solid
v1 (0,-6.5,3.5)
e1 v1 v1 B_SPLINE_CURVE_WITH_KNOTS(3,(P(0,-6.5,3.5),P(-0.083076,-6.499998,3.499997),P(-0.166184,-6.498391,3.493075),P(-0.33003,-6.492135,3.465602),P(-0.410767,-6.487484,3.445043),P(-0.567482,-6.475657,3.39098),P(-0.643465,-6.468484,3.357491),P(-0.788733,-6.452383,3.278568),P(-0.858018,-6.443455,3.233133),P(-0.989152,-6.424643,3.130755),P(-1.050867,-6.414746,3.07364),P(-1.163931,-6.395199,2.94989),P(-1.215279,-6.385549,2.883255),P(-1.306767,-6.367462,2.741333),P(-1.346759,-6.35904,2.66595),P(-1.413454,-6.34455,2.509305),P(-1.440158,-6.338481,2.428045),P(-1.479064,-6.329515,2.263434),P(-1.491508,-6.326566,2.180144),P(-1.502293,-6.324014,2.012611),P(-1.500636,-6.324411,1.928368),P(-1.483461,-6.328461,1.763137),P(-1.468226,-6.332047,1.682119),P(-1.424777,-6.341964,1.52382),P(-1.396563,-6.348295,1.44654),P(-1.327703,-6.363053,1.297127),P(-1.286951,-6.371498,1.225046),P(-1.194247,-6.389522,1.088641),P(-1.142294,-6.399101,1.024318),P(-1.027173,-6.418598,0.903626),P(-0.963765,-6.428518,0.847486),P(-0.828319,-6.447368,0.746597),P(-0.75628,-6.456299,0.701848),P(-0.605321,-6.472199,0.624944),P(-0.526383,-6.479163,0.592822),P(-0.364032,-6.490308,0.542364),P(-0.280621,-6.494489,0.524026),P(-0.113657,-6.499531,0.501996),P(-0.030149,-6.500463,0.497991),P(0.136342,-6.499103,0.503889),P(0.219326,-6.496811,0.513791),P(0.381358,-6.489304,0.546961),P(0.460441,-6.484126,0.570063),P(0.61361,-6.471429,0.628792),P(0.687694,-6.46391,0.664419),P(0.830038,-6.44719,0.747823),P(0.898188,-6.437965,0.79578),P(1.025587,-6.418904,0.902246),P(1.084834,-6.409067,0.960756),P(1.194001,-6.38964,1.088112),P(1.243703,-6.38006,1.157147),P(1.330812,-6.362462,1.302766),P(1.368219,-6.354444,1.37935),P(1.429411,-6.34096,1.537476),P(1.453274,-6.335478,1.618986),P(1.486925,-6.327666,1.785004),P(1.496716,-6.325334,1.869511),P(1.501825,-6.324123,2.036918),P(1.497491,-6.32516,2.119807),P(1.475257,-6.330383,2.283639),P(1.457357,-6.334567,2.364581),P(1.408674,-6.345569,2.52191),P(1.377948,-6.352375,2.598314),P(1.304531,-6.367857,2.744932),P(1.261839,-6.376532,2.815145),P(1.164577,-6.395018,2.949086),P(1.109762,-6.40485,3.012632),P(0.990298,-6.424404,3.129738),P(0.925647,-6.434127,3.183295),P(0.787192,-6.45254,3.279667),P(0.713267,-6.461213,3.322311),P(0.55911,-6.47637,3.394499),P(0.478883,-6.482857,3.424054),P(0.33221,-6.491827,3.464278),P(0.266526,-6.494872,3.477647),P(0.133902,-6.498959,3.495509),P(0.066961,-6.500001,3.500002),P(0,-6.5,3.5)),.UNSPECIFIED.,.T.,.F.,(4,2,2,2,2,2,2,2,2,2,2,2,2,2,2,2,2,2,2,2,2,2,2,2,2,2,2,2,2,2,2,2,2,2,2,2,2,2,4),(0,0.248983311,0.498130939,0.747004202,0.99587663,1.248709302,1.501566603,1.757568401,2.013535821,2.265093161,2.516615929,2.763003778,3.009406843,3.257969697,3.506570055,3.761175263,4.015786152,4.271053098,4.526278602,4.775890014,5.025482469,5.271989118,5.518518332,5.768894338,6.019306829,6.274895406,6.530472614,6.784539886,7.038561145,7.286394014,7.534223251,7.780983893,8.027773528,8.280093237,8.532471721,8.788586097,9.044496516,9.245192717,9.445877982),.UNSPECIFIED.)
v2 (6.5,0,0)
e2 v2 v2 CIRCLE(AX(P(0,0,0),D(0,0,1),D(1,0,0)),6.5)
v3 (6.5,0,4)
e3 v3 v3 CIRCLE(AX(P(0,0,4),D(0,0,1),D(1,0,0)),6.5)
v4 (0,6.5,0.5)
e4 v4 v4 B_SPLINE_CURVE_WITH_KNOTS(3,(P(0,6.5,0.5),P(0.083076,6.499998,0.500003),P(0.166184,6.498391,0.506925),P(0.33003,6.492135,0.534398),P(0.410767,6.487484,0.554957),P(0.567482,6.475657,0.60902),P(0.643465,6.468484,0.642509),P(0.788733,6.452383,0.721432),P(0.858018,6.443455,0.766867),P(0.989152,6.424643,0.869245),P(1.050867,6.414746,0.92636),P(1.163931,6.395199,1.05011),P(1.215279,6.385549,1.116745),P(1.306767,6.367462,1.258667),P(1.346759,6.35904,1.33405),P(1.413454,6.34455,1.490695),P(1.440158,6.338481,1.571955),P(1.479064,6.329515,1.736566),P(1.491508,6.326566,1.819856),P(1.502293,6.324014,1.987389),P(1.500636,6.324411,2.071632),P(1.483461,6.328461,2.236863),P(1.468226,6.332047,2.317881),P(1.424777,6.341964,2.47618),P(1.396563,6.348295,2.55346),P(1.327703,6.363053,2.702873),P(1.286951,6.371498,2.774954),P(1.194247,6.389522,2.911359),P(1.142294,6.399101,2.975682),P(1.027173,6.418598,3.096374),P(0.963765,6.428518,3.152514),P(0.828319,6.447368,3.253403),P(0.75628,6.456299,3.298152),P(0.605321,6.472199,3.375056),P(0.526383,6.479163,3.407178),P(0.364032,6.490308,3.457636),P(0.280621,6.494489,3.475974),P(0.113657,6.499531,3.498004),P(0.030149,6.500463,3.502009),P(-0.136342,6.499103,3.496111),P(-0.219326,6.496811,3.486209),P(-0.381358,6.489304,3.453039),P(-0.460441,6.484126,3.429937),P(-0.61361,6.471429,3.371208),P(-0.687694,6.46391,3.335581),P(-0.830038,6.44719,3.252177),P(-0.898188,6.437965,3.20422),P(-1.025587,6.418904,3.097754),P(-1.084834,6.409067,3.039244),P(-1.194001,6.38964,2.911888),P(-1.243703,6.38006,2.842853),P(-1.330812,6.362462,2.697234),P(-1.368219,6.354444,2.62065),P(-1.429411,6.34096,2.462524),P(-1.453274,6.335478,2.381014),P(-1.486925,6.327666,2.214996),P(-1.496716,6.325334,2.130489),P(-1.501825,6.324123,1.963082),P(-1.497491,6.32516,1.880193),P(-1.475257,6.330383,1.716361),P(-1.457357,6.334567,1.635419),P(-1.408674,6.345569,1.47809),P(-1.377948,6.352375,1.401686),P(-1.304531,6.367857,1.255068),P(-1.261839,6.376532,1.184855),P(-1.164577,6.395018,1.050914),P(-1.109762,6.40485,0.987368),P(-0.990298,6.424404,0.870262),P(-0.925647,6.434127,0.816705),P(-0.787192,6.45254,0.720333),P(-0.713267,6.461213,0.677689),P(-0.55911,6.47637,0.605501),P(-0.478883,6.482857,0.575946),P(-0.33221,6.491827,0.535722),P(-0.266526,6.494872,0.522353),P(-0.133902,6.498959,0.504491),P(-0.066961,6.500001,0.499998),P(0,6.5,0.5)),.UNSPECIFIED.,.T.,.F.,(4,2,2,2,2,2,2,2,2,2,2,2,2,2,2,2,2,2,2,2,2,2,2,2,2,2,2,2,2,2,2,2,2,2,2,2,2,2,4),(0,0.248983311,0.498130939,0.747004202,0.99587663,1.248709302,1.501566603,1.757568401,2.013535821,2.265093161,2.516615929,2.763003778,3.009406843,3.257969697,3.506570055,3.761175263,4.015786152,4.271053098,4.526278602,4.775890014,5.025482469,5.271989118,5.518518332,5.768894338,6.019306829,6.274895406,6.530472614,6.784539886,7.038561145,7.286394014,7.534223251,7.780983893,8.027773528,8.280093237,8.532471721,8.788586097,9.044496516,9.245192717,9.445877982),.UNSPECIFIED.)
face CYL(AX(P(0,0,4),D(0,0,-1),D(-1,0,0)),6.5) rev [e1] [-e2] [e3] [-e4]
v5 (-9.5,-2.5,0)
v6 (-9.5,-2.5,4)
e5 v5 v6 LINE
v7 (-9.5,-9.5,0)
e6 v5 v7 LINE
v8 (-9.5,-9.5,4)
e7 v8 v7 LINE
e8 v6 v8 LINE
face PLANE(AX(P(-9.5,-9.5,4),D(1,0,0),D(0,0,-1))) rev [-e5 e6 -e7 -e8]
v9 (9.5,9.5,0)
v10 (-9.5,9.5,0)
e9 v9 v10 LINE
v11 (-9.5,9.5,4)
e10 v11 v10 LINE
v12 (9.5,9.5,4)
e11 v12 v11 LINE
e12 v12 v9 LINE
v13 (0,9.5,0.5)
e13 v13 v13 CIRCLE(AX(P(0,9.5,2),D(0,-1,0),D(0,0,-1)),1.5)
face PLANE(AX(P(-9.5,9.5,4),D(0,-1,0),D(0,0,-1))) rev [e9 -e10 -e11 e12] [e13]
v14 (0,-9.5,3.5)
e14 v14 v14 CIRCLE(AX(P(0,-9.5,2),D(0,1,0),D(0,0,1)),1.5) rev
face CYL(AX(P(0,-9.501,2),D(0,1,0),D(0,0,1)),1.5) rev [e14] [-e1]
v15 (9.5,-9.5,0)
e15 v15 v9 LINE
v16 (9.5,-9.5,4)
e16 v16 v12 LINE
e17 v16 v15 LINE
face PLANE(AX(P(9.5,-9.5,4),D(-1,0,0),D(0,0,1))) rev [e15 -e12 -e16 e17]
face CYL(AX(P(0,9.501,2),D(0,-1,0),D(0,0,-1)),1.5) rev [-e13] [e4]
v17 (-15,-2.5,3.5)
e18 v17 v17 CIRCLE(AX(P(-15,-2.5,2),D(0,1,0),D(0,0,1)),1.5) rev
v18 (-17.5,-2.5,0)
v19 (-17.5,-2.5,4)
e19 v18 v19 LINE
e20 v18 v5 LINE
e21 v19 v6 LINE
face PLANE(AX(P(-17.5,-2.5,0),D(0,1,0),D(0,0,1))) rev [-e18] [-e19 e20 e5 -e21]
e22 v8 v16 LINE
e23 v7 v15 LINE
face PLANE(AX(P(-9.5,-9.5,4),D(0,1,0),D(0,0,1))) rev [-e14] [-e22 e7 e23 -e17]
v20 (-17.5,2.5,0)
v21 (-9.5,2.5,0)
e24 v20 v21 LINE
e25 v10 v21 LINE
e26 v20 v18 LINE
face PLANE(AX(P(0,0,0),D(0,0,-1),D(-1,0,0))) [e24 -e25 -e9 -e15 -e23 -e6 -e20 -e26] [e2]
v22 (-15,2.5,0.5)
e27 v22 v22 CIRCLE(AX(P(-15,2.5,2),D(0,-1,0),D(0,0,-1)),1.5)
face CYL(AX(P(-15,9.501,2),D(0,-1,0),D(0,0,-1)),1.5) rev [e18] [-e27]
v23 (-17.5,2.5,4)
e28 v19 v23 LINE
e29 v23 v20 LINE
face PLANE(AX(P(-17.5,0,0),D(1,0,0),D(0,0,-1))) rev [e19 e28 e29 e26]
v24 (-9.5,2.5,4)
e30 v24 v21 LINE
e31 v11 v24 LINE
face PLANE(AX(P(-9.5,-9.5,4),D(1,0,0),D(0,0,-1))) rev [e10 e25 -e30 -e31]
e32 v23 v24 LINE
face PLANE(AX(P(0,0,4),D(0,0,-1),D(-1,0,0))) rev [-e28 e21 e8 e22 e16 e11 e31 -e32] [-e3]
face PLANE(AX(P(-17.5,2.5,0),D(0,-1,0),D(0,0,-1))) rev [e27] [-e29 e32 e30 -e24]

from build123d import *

# Parameters (mm, degrees)
SKETCH1_W                      = 19
SKETCH1_H                      = 19
SKETCH1_R                      = 6.5
BOSS_EXTRUDE1_DEPTH            = 4
CUT_EXTRUDE1_REACH             = 16.018
SKETCH2_R                      = 1.5
CUT_EXTRUDE1_DIRECTION_2_REACH = 16.018
SKETCH5_W                      = 4
SKETCH5_H                      = 5
BOSS_EXTRUDE3_DEPTH            = 8
CUT_EXTRUDE2_REACH             = 22.31
SKETCH7_R                      = 1.5
CUT_EXTRUDE2_DIRECTION_2_REACH = 22.31


with BuildPart() as part:
    # Sketch1 → Boss-Extrude1 (new body)
    with BuildSketch(Plane.XY):
        Rectangle(SKETCH1_W, SKETCH1_H)
        Circle(SKETCH1_R, mode=Mode.SUBTRACT)
    extrude(amount=BOSS_EXTRUDE1_DEPTH)

    # Sketch2 → Cut-Extrude1 (cut, up to next)
    with BuildSketch(Plane(origin=(0, 0, 0), x_dir=(1, 0, 0), z_dir=(0, 1, 0)), mode=Mode.PRIVATE) as cut_extrude1_sk1:
        with Locations(Location((0, -2, 0), (0, 0, 90))):
            Circle(SKETCH2_R)
    cut_extrude1_tool1 = extrude(cut_extrude1_sk1.sketch, amount=CUT_EXTRUDE1_REACH, mode=Mode.PRIVATE) & part.part
    add(cut_extrude1_tool1.solids().sort_by_distance((0, 0, 2))[0], mode=Mode.SUBTRACT)

    # Sketch2 → Cut-Extrude1 direction 2 (cut, up to next)
    with BuildSketch(Plane(origin=(0, 0, 0), x_dir=(1, 0, 0), z_dir=(0, 1, 0)), mode=Mode.PRIVATE) as cut_extrude1_direction_2_sk1:
        with Locations(Location((0, -2, 0), (0, 0, 90))):
            Circle(SKETCH2_R)
    cut_extrude1_direction_2_tool1 = extrude(cut_extrude1_direction_2_sk1.sketch, amount=-CUT_EXTRUDE1_DIRECTION_2_REACH, mode=Mode.PRIVATE) & part.part
    add(cut_extrude1_direction_2_tool1.solids().sort_by_distance((0, 0, 2))[0], mode=Mode.SUBTRACT)

    # Sketch5 → Boss-Extrude3 (add)
    with BuildSketch(Plane.ZY.offset(9.5)):
        with Locations((2, 0)):
            Rectangle(SKETCH5_W, SKETCH5_H)
    extrude(amount=BOSS_EXTRUDE3_DEPTH)

    # Sketch7 → Cut-Extrude2 (cut, up to next)
    with BuildSketch(Plane(origin=(0, 0, 0), x_dir=(1, 0, 0), z_dir=(0, 1, 0)), mode=Mode.PRIVATE) as cut_extrude2_sk1:
        with Locations(Location((-15, -2, 0), (0, 0, 90))):
            Circle(SKETCH7_R)
    cut_extrude2_tool1 = extrude(cut_extrude2_sk1.sketch, amount=-CUT_EXTRUDE2_REACH, mode=Mode.PRIVATE) & part.part
    add(cut_extrude2_tool1.solids().sort_by_distance((-15, 0, 2))[0], mode=Mode.SUBTRACT)

    # Sketch7 → Cut-Extrude2 direction 2 (cut, up to next)
    with BuildSketch(Plane(origin=(0, 0, 0), x_dir=(1, 0, 0), z_dir=(0, 1, 0)), mode=Mode.PRIVATE) as cut_extrude2_direction_2_sk1:
        with Locations(Location((-15, -2, 0), (0, 0, 90))):
            Circle(SKETCH7_R)
    cut_extrude2_direction_2_tool1 = extrude(cut_extrude2_direction_2_sk1.sketch, amount=CUT_EXTRUDE2_DIRECTION_2_REACH, mode=Mode.PRIVATE) & part.part
    add(cut_extrude2_direction_2_tool1.solids().sort_by_distance((-15, 0, 2))[0], mode=Mode.SUBTRACT)


solid = part.part
